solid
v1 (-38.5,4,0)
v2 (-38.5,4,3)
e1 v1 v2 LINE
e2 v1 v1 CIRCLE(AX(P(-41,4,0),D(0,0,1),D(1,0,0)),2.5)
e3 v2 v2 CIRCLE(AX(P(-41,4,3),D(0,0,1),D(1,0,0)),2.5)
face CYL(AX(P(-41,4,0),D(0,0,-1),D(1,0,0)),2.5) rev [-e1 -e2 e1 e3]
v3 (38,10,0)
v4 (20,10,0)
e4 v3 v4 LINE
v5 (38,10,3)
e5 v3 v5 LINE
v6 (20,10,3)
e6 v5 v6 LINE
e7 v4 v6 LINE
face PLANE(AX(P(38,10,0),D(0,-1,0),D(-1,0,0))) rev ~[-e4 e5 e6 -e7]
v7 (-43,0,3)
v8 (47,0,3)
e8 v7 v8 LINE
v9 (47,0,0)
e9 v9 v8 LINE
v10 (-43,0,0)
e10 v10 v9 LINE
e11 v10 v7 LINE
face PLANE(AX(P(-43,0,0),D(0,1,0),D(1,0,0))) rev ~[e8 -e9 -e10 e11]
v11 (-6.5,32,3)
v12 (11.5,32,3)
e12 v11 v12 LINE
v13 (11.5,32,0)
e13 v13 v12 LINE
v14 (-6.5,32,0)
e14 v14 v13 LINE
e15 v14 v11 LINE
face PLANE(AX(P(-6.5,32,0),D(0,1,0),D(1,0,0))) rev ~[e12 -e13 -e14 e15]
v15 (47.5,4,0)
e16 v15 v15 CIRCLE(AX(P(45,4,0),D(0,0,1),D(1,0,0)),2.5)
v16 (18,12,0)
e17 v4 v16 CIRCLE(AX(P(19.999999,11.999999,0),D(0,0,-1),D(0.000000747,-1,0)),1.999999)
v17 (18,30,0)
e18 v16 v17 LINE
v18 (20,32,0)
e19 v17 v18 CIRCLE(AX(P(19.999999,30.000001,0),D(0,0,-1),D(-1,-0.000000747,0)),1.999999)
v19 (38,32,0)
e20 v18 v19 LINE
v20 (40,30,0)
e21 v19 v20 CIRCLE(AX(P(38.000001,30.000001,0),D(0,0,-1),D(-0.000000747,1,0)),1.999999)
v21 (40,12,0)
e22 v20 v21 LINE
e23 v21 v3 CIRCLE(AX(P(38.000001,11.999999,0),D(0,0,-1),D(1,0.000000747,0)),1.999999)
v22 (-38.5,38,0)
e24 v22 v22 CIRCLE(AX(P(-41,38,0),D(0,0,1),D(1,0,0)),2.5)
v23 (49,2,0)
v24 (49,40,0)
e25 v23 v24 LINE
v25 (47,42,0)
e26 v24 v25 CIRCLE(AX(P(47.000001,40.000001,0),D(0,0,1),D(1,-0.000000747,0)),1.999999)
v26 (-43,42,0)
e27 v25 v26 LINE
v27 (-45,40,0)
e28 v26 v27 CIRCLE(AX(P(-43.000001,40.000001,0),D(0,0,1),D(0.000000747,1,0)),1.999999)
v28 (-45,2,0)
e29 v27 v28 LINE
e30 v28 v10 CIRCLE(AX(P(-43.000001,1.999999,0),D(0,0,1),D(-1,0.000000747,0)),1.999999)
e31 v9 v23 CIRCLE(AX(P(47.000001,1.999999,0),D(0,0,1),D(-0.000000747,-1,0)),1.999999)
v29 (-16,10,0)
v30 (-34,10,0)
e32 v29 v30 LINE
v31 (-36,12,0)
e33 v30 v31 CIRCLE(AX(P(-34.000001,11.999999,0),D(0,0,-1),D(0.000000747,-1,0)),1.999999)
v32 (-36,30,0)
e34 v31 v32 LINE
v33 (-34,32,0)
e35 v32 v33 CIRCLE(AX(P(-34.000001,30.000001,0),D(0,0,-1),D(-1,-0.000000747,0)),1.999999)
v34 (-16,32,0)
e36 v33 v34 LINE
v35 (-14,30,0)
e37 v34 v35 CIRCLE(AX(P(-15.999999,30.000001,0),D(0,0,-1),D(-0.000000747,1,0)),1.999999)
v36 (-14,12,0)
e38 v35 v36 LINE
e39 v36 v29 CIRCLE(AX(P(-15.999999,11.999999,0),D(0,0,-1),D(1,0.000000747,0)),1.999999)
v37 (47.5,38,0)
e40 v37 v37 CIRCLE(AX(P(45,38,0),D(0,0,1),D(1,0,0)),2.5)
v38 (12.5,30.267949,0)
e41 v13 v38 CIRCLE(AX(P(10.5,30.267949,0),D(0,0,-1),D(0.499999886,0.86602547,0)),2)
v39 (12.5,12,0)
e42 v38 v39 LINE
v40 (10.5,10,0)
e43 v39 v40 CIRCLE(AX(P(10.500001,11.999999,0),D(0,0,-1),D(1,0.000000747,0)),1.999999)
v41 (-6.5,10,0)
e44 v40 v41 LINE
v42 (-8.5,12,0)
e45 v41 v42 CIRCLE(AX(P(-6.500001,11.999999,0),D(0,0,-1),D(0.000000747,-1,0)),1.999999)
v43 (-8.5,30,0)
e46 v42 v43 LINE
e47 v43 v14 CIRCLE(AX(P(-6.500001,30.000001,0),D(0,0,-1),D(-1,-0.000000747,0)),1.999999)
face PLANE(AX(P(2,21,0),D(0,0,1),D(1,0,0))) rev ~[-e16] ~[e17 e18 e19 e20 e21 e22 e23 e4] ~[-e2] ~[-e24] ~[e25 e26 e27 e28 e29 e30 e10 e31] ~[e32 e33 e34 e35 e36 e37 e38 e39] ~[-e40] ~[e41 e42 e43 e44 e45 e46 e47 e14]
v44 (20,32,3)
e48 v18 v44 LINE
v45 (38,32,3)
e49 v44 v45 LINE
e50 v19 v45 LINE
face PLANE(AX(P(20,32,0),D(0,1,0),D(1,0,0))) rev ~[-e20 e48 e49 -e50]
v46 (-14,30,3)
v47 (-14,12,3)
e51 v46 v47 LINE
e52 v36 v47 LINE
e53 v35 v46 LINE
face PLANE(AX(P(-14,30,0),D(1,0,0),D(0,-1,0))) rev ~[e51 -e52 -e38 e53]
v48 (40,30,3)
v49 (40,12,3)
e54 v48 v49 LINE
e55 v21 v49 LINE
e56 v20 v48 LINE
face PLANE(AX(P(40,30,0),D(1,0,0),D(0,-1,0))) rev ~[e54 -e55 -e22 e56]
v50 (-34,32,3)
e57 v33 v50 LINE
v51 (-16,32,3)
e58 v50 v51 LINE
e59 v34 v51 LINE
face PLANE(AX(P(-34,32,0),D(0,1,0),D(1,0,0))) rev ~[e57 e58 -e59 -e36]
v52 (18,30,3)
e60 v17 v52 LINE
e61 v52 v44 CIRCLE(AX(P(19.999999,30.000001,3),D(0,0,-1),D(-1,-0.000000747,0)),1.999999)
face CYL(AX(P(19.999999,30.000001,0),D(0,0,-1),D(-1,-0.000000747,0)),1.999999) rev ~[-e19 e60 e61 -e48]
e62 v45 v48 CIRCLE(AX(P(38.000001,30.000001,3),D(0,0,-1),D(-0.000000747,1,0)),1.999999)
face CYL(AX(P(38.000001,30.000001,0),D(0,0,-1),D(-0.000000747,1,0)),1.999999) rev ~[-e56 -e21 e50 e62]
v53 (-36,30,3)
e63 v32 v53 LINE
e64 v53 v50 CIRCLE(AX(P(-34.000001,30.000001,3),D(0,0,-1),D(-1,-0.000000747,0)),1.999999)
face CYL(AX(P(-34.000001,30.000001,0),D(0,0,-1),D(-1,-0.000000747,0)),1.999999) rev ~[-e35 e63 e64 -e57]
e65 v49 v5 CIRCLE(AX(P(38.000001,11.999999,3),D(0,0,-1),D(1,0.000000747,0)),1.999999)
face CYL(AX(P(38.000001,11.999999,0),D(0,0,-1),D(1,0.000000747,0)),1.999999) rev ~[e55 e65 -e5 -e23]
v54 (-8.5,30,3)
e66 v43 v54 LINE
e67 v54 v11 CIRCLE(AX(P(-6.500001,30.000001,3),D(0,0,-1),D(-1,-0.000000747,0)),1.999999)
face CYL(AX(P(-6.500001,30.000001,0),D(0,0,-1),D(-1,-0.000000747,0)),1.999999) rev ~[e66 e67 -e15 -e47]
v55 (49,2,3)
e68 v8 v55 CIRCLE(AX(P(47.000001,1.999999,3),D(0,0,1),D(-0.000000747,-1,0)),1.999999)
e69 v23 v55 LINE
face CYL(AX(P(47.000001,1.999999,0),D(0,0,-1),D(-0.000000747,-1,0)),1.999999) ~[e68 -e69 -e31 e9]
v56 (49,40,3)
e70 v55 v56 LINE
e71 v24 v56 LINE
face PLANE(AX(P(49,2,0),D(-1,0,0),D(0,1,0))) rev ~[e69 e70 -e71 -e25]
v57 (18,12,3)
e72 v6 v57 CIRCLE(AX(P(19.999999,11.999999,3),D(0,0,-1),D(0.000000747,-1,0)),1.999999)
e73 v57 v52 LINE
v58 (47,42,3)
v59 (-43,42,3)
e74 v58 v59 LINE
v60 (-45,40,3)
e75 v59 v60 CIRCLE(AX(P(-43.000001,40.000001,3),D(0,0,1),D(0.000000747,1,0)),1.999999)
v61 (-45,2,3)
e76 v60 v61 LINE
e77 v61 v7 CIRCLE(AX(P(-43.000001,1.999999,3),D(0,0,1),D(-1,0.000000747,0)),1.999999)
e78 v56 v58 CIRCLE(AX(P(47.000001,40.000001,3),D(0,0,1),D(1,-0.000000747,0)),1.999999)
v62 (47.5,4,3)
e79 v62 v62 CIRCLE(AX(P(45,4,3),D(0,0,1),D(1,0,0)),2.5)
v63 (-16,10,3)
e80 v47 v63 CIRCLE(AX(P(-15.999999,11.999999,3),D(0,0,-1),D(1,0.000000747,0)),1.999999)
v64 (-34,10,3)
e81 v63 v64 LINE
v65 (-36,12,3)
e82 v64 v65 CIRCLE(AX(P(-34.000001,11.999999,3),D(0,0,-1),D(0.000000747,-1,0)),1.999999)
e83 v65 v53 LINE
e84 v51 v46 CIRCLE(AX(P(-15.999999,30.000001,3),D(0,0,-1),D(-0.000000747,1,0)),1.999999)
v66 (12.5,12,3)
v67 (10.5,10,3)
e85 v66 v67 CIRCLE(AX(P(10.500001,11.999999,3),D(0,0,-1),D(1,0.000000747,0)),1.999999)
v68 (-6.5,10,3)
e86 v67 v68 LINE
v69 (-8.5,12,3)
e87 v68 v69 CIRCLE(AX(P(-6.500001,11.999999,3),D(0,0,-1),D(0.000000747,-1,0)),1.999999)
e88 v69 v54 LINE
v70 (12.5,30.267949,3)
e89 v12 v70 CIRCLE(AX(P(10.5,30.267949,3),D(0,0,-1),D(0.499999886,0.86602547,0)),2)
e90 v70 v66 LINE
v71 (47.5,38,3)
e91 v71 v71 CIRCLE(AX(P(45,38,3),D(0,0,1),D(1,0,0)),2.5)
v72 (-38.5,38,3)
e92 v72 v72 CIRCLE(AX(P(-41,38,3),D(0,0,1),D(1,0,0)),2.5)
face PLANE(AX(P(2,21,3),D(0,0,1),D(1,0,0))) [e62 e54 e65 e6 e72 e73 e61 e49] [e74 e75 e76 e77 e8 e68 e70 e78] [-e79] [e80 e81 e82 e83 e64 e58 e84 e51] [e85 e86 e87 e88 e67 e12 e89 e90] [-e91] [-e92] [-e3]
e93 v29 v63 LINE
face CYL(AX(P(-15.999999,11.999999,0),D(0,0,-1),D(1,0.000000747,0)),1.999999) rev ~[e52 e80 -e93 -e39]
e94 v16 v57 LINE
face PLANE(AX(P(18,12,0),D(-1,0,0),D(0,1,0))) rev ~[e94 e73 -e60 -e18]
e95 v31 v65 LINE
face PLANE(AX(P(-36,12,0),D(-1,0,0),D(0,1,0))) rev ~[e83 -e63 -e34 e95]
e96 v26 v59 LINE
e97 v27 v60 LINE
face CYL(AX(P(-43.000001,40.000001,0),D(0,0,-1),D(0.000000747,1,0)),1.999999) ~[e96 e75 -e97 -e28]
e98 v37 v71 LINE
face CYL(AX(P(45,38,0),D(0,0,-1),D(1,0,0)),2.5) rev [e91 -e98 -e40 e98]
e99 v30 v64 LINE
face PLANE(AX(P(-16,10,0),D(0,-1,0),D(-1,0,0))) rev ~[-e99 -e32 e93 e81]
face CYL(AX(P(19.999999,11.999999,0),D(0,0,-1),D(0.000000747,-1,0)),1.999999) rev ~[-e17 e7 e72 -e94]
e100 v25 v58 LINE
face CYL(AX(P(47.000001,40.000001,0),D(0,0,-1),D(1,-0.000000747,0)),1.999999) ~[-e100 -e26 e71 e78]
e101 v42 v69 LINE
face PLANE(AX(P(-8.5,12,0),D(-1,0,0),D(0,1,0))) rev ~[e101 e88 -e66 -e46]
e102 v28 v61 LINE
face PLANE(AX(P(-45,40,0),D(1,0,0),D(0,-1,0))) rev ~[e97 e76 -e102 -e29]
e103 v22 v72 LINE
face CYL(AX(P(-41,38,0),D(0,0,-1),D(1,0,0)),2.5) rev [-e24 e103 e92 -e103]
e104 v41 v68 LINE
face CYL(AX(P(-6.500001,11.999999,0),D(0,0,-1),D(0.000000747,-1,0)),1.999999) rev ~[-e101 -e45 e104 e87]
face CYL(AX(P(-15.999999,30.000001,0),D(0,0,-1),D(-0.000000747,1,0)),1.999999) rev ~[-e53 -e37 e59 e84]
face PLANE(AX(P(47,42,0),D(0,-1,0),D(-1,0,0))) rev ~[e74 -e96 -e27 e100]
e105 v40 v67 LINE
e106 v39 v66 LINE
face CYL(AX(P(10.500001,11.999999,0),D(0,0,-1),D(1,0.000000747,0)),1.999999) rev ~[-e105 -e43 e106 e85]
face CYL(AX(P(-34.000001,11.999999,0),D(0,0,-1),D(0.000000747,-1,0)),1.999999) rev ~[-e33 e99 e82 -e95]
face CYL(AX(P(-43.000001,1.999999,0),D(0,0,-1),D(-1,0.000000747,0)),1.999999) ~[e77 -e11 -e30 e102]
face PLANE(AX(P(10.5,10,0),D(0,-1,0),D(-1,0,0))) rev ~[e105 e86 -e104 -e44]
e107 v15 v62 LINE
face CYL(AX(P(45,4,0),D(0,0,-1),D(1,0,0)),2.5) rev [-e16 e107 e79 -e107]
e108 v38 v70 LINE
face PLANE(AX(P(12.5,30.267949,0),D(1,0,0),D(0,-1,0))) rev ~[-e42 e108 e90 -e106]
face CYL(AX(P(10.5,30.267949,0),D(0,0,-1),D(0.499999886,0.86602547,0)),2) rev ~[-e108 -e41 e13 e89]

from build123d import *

# Parameters (mm, degrees)
F0_R     = 2.5
F1_DEPTH = 3


with BuildPart() as f1:
    # F0 (on Top) → F1 (new body)
    with BuildSketch(Plane.XY):
        with BuildLine():
            Line((-43, 0), (47, 0))
            ThreePointArc((47, 0), (48.414214, 0.585786), (49, 2))
            Line((49, 2), (49, 40))
            ThreePointArc((49, 40), (48.414214, 41.414214), (47, 42))
            Line((47, 42), (-43, 42))
            ThreePointArc((-43, 42), (-44.414214, 41.414214), (-45, 40))
            Line((-45, 40), (-45, 2))
            ThreePointArc((-45, 2), (-44.414214, 0.585786), (-43, 0))
        make_face()
        with Locations((-41, 4)):
            Circle(F0_R, mode=Mode.SUBTRACT)
        with Locations((45, 4)):
            Circle(F0_R, mode=Mode.SUBTRACT)
        with BuildLine():
            ThreePointArc((-36, 30), (-35.414214, 31.414214), (-34, 32))
            Line((-34, 32), (-16, 32))
            ThreePointArc((-16, 32), (-14.585786, 31.414214), (-14, 30))
            Line((-14, 30), (-14, 12))
            ThreePointArc((-14, 12), (-14.585786, 10.585786), (-16, 10))
            Line((-16, 10), (-34, 10))
            ThreePointArc((-34, 10), (-35.414214, 10.585786), (-36, 12))
            Line((-36, 12), (-36, 30))
        make_face(mode=Mode.SUBTRACT)
        with Locations((-41, 38)):
            Circle(F0_R, mode=Mode.SUBTRACT)
        with BuildLine():
            ThreePointArc((-8.5, 30), (-7.914214, 31.414214), (-6.5, 32))
            Line((-6.5, 32), (11.5, 32))
            ThreePointArc((11.5, 32), (12.232051, 31.267949), (12.5, 30.267949))
            Line((12.5, 30.267949), (12.5, 12))
            ThreePointArc((12.5, 12), (11.914214, 10.585786), (10.5, 10))
            Line((10.5, 10), (-6.5, 10))
            ThreePointArc((-6.5, 10), (-7.914214, 10.585786), (-8.5, 12))
            Line((-8.5, 12), (-8.5, 30))
        make_face(mode=Mode.SUBTRACT)
        with BuildLine():
            ThreePointArc((18, 30), (18.585786, 31.414214), (20, 32))
            Line((20, 32), (38, 32))
            ThreePointArc((38, 32), (39.414214, 31.414214), (40, 30))
            Line((40, 30), (40, 12))
            ThreePointArc((40, 12), (39.414214, 10.585786), (38, 10))
            Line((38, 10), (20, 10))
            ThreePointArc((20, 10), (18.585786, 10.585786), (18, 12))
            Line((18, 12), (18, 30))
        make_face(mode=Mode.SUBTRACT)
        with Locations((45, 38)):
            Circle(F0_R, mode=Mode.SUBTRACT)
    extrude(amount=F1_DEPTH)


solid = f1.part
